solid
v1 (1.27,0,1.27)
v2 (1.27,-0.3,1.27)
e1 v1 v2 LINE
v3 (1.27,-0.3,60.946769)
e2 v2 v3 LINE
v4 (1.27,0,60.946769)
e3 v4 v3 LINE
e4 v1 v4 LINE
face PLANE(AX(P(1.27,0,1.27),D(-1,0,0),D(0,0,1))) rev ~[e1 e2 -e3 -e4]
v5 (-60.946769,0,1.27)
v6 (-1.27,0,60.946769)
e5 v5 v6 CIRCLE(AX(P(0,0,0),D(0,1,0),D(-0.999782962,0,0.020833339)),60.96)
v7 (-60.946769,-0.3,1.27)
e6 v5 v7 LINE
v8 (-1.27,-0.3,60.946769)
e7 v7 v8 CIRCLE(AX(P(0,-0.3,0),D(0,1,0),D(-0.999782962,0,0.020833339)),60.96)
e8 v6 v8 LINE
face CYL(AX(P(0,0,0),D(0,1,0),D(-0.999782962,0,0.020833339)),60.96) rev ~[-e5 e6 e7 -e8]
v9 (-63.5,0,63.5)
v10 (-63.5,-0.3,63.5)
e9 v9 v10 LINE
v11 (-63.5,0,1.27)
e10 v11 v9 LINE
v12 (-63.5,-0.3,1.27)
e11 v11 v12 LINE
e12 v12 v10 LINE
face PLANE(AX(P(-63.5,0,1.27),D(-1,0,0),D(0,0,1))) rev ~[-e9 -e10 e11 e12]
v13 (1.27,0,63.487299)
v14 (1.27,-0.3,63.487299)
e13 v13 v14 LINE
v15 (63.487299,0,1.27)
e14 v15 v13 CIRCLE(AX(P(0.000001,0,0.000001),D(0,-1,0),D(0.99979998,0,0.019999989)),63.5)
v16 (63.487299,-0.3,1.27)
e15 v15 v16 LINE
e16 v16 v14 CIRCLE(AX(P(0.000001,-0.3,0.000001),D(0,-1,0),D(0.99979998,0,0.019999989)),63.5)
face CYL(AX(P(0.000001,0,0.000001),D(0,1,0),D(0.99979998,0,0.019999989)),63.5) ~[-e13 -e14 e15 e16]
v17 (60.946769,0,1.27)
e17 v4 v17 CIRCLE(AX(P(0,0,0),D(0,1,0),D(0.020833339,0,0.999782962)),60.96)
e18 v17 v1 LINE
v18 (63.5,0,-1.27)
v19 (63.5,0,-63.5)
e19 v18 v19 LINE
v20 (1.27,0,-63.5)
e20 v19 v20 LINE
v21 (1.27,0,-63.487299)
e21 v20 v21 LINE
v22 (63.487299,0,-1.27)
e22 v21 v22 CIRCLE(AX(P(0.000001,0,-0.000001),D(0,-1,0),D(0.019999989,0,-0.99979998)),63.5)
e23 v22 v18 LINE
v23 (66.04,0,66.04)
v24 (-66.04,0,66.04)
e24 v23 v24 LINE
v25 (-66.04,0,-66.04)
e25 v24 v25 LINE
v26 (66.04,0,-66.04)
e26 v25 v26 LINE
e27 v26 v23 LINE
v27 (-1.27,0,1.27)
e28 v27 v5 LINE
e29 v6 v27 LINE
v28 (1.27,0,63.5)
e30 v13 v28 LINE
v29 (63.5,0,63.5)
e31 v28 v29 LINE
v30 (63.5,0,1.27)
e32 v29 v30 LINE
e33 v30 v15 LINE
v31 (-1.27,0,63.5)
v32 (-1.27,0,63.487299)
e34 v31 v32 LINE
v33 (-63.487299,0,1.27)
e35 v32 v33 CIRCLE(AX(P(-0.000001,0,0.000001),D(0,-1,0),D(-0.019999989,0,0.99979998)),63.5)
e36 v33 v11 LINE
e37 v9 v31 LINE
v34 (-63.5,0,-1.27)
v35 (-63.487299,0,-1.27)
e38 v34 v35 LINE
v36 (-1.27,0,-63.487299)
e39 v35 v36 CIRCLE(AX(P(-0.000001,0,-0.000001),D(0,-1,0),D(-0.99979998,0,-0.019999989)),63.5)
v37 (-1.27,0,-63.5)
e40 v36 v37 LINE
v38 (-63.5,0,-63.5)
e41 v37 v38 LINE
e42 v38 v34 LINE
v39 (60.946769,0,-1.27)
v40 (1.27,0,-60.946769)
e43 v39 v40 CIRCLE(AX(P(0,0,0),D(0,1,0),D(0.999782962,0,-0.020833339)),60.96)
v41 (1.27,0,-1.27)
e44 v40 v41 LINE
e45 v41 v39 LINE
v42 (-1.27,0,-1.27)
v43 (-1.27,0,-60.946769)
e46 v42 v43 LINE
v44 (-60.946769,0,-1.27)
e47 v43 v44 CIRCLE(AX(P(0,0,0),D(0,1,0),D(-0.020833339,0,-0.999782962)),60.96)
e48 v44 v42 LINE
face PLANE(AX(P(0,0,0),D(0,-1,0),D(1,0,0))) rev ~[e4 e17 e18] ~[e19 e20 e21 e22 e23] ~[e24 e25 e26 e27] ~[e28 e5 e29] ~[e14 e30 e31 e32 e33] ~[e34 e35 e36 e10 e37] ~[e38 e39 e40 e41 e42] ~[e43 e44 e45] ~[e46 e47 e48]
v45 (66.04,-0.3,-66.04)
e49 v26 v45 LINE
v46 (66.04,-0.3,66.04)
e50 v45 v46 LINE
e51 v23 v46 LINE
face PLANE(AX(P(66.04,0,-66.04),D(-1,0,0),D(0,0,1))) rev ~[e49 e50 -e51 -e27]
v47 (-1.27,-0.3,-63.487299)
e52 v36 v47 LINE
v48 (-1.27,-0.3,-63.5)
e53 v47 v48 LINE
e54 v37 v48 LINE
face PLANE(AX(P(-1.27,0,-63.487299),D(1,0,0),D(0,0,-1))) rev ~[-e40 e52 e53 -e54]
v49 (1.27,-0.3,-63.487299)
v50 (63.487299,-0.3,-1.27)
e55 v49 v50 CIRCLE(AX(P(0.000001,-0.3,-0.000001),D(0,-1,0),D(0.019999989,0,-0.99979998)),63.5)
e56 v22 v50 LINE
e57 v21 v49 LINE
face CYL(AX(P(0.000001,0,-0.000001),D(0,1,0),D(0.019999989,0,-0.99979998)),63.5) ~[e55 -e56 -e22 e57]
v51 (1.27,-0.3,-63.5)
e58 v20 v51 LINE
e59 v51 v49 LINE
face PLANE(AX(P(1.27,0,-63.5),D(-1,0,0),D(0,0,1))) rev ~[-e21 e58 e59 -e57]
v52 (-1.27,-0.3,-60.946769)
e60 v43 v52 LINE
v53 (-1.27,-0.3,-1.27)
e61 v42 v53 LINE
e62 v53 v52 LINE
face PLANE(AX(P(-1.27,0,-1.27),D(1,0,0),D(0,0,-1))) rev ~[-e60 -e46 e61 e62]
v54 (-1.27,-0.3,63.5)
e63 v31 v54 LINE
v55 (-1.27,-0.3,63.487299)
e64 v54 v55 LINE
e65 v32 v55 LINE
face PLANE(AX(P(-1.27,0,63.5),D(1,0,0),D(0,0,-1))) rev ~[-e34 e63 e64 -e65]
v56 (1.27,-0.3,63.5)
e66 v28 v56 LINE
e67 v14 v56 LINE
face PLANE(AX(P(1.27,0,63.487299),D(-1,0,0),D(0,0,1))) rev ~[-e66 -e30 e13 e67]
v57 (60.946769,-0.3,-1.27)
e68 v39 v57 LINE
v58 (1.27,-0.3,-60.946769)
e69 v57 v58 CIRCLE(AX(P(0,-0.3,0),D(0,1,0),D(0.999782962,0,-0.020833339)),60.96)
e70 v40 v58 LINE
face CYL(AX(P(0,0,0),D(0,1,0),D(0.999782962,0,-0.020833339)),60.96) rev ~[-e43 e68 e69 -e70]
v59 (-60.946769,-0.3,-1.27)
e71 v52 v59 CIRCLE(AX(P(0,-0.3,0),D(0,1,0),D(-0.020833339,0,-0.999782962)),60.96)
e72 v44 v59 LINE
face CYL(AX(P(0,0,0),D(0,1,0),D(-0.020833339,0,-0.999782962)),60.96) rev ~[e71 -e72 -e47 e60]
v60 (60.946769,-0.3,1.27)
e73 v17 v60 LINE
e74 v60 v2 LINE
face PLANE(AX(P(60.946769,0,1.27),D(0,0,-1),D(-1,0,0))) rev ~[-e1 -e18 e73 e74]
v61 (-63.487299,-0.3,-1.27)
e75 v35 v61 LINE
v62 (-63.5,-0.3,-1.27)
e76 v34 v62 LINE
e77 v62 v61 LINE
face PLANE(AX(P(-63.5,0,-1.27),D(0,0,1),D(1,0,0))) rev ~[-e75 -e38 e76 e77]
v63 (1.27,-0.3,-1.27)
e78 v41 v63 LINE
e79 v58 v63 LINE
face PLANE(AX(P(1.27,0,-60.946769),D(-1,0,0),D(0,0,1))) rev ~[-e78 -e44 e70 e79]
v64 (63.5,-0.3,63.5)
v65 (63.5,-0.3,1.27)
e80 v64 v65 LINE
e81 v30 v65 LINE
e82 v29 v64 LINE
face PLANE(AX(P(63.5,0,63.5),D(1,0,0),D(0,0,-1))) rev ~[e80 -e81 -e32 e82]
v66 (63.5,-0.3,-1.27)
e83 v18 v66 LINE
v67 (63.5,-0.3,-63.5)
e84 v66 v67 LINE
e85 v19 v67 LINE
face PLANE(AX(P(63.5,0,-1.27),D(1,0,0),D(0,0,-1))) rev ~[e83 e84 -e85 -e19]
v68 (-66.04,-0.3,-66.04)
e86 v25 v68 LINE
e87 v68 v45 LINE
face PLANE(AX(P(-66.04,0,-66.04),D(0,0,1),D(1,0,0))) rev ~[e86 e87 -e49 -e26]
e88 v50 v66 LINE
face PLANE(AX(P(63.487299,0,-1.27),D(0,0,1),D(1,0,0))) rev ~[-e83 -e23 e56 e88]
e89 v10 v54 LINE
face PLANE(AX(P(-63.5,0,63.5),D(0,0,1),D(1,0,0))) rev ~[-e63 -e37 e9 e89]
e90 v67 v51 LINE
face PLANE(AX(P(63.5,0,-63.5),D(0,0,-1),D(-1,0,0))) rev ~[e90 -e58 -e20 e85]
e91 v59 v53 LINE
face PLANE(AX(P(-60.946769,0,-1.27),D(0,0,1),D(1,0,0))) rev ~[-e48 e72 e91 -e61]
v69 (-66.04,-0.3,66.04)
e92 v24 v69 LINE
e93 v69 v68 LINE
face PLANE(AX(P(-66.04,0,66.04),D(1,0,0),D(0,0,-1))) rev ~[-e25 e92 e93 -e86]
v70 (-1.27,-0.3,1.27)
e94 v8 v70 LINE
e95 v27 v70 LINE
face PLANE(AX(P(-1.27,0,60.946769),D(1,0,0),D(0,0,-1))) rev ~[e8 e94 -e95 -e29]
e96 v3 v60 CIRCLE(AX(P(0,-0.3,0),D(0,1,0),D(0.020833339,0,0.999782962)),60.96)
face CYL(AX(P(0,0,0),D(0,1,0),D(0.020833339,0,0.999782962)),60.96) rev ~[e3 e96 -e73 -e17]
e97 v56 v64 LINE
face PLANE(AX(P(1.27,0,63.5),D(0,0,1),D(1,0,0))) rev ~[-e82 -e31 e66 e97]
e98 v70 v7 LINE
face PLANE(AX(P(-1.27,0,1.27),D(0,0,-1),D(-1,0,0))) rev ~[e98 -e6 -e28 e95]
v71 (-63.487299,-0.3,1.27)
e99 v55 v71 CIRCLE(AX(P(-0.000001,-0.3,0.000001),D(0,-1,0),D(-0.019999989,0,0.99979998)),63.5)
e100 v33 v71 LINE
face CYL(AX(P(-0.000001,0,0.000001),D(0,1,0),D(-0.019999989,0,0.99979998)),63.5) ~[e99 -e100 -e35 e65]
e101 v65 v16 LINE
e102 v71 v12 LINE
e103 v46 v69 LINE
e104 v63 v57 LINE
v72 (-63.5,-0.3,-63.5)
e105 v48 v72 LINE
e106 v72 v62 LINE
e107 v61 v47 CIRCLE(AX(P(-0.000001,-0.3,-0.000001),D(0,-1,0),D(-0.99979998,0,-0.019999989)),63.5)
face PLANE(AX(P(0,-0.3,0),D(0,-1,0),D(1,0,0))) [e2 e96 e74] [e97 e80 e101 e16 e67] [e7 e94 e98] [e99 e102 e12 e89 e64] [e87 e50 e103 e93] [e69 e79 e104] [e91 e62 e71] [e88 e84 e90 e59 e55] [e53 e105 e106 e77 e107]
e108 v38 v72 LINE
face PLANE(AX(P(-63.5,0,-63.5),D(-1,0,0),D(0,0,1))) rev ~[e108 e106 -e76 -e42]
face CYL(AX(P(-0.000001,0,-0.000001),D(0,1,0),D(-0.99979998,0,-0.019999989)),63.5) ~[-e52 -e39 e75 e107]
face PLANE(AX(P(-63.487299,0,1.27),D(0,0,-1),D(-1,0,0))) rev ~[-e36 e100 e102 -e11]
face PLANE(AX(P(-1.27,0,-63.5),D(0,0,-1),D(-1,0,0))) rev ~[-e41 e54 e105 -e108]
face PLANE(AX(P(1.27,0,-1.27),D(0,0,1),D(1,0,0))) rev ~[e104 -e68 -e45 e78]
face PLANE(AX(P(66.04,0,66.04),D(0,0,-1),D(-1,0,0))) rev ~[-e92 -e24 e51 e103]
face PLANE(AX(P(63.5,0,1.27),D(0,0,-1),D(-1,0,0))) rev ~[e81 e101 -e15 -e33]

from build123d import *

# Parameters (mm, degrees)
F1_DEPTH = 0.3


with BuildPart() as f1:
    # F0 (on Front) → F1 (new body)
    with BuildSketch(Plane.XZ):
        Polygon((66.04, 0), (66.04, 66.04), (0, 66.04), (-66.04, 66.04), (-66.04, 0), (-66.04, -66.04), (0, -66.04), (66.04, -66.04), align=None)
        with BuildLine():
            Line((-1.27, -63.487299), (-1.27, -63.5))
            Line((-1.27, -63.5), (-63.5, -63.5))
            Line((-63.5, -63.5), (-63.5, -1.27))
            Line((-63.5, -1.27), (-63.487299, -1.27))
            ThreePointArc((-63.487299, -1.27), (-44.901281, -44.901281), (-1.27, -63.487299))
        make_face(mode=Mode.SUBTRACT)
        with BuildLine():
            Line((-60.946769, -1.27), (-1.27, -1.27))
            Line((-1.27, -1.27), (-1.27, -60.946769))
            ThreePointArc((-1.27, -60.946769), (-43.105229, -43.105229), (-60.946769, -1.27))
        make_face(mode=Mode.SUBTRACT)
        with BuildLine():
            Line((63.5, -1.27), (63.5, -63.5))
            Line((63.5, -63.5), (1.27, -63.5))
            Line((1.27, -63.5), (1.27, -63.487299))
            ThreePointArc((1.27, -63.487299), (44.901281, -44.901281), (63.487299, -1.27))
            Line((63.487299, -1.27), (63.5, -1.27))
        make_face(mode=Mode.SUBTRACT)
        with BuildLine():
            Line((1.27, -60.946769), (1.27, -1.27))
            Line((1.27, -1.27), (60.946769, -1.27))
            ThreePointArc((60.946769, -1.27), (43.105229, -43.105229), (1.27, -60.946769))
        make_face(mode=Mode.SUBTRACT)
        with BuildLine():
            Line((-1.27, 60.946769), (-1.27, 1.27))
            Line((-1.27, 1.27), (-60.946769, 1.27))
            ThreePointArc((-60.946769, 1.27), (-43.105229, 43.105229), (-1.27, 60.946769))
        make_face(mode=Mode.SUBTRACT)
        with BuildLine():
            Line((-63.5, 63.5), (-1.27, 63.5))
            Line((-1.27, 63.5), (-1.27, 63.487299))
            ThreePointArc((-1.27, 63.487299), (-44.901281, 44.901281), (-63.487299, 1.27))
            Line((-63.487299, 1.27), (-63.5, 1.27))
            Line((-63.5, 1.27), (-63.5, 63.5))
        make_face(mode=Mode.SUBTRACT)
        with BuildLine():
            ThreePointArc((1.27, 60.946769), (43.105229, 43.105229), (60.946769, 1.27))
            Line((60.946769, 1.27), (1.27, 1.27))
            Line((1.27, 1.27), (1.27, 60.946769))
        make_face(mode=Mode.SUBTRACT)
        with BuildLine():
            Line((1.27, 63.5), (63.5, 63.5))
            Line((63.5, 63.5), (63.5, 1.27))
            Line((63.5, 1.27), (63.487299, 1.27))
            ThreePointArc((63.487299, 1.27), (44.901281, 44.901281), (1.27, 63.487299))
            Line((1.27, 63.487299), (1.27, 63.5))
        make_face(mode=Mode.SUBTRACT)
    extrude(amount=F1_DEPTH)


solid = f1.part
